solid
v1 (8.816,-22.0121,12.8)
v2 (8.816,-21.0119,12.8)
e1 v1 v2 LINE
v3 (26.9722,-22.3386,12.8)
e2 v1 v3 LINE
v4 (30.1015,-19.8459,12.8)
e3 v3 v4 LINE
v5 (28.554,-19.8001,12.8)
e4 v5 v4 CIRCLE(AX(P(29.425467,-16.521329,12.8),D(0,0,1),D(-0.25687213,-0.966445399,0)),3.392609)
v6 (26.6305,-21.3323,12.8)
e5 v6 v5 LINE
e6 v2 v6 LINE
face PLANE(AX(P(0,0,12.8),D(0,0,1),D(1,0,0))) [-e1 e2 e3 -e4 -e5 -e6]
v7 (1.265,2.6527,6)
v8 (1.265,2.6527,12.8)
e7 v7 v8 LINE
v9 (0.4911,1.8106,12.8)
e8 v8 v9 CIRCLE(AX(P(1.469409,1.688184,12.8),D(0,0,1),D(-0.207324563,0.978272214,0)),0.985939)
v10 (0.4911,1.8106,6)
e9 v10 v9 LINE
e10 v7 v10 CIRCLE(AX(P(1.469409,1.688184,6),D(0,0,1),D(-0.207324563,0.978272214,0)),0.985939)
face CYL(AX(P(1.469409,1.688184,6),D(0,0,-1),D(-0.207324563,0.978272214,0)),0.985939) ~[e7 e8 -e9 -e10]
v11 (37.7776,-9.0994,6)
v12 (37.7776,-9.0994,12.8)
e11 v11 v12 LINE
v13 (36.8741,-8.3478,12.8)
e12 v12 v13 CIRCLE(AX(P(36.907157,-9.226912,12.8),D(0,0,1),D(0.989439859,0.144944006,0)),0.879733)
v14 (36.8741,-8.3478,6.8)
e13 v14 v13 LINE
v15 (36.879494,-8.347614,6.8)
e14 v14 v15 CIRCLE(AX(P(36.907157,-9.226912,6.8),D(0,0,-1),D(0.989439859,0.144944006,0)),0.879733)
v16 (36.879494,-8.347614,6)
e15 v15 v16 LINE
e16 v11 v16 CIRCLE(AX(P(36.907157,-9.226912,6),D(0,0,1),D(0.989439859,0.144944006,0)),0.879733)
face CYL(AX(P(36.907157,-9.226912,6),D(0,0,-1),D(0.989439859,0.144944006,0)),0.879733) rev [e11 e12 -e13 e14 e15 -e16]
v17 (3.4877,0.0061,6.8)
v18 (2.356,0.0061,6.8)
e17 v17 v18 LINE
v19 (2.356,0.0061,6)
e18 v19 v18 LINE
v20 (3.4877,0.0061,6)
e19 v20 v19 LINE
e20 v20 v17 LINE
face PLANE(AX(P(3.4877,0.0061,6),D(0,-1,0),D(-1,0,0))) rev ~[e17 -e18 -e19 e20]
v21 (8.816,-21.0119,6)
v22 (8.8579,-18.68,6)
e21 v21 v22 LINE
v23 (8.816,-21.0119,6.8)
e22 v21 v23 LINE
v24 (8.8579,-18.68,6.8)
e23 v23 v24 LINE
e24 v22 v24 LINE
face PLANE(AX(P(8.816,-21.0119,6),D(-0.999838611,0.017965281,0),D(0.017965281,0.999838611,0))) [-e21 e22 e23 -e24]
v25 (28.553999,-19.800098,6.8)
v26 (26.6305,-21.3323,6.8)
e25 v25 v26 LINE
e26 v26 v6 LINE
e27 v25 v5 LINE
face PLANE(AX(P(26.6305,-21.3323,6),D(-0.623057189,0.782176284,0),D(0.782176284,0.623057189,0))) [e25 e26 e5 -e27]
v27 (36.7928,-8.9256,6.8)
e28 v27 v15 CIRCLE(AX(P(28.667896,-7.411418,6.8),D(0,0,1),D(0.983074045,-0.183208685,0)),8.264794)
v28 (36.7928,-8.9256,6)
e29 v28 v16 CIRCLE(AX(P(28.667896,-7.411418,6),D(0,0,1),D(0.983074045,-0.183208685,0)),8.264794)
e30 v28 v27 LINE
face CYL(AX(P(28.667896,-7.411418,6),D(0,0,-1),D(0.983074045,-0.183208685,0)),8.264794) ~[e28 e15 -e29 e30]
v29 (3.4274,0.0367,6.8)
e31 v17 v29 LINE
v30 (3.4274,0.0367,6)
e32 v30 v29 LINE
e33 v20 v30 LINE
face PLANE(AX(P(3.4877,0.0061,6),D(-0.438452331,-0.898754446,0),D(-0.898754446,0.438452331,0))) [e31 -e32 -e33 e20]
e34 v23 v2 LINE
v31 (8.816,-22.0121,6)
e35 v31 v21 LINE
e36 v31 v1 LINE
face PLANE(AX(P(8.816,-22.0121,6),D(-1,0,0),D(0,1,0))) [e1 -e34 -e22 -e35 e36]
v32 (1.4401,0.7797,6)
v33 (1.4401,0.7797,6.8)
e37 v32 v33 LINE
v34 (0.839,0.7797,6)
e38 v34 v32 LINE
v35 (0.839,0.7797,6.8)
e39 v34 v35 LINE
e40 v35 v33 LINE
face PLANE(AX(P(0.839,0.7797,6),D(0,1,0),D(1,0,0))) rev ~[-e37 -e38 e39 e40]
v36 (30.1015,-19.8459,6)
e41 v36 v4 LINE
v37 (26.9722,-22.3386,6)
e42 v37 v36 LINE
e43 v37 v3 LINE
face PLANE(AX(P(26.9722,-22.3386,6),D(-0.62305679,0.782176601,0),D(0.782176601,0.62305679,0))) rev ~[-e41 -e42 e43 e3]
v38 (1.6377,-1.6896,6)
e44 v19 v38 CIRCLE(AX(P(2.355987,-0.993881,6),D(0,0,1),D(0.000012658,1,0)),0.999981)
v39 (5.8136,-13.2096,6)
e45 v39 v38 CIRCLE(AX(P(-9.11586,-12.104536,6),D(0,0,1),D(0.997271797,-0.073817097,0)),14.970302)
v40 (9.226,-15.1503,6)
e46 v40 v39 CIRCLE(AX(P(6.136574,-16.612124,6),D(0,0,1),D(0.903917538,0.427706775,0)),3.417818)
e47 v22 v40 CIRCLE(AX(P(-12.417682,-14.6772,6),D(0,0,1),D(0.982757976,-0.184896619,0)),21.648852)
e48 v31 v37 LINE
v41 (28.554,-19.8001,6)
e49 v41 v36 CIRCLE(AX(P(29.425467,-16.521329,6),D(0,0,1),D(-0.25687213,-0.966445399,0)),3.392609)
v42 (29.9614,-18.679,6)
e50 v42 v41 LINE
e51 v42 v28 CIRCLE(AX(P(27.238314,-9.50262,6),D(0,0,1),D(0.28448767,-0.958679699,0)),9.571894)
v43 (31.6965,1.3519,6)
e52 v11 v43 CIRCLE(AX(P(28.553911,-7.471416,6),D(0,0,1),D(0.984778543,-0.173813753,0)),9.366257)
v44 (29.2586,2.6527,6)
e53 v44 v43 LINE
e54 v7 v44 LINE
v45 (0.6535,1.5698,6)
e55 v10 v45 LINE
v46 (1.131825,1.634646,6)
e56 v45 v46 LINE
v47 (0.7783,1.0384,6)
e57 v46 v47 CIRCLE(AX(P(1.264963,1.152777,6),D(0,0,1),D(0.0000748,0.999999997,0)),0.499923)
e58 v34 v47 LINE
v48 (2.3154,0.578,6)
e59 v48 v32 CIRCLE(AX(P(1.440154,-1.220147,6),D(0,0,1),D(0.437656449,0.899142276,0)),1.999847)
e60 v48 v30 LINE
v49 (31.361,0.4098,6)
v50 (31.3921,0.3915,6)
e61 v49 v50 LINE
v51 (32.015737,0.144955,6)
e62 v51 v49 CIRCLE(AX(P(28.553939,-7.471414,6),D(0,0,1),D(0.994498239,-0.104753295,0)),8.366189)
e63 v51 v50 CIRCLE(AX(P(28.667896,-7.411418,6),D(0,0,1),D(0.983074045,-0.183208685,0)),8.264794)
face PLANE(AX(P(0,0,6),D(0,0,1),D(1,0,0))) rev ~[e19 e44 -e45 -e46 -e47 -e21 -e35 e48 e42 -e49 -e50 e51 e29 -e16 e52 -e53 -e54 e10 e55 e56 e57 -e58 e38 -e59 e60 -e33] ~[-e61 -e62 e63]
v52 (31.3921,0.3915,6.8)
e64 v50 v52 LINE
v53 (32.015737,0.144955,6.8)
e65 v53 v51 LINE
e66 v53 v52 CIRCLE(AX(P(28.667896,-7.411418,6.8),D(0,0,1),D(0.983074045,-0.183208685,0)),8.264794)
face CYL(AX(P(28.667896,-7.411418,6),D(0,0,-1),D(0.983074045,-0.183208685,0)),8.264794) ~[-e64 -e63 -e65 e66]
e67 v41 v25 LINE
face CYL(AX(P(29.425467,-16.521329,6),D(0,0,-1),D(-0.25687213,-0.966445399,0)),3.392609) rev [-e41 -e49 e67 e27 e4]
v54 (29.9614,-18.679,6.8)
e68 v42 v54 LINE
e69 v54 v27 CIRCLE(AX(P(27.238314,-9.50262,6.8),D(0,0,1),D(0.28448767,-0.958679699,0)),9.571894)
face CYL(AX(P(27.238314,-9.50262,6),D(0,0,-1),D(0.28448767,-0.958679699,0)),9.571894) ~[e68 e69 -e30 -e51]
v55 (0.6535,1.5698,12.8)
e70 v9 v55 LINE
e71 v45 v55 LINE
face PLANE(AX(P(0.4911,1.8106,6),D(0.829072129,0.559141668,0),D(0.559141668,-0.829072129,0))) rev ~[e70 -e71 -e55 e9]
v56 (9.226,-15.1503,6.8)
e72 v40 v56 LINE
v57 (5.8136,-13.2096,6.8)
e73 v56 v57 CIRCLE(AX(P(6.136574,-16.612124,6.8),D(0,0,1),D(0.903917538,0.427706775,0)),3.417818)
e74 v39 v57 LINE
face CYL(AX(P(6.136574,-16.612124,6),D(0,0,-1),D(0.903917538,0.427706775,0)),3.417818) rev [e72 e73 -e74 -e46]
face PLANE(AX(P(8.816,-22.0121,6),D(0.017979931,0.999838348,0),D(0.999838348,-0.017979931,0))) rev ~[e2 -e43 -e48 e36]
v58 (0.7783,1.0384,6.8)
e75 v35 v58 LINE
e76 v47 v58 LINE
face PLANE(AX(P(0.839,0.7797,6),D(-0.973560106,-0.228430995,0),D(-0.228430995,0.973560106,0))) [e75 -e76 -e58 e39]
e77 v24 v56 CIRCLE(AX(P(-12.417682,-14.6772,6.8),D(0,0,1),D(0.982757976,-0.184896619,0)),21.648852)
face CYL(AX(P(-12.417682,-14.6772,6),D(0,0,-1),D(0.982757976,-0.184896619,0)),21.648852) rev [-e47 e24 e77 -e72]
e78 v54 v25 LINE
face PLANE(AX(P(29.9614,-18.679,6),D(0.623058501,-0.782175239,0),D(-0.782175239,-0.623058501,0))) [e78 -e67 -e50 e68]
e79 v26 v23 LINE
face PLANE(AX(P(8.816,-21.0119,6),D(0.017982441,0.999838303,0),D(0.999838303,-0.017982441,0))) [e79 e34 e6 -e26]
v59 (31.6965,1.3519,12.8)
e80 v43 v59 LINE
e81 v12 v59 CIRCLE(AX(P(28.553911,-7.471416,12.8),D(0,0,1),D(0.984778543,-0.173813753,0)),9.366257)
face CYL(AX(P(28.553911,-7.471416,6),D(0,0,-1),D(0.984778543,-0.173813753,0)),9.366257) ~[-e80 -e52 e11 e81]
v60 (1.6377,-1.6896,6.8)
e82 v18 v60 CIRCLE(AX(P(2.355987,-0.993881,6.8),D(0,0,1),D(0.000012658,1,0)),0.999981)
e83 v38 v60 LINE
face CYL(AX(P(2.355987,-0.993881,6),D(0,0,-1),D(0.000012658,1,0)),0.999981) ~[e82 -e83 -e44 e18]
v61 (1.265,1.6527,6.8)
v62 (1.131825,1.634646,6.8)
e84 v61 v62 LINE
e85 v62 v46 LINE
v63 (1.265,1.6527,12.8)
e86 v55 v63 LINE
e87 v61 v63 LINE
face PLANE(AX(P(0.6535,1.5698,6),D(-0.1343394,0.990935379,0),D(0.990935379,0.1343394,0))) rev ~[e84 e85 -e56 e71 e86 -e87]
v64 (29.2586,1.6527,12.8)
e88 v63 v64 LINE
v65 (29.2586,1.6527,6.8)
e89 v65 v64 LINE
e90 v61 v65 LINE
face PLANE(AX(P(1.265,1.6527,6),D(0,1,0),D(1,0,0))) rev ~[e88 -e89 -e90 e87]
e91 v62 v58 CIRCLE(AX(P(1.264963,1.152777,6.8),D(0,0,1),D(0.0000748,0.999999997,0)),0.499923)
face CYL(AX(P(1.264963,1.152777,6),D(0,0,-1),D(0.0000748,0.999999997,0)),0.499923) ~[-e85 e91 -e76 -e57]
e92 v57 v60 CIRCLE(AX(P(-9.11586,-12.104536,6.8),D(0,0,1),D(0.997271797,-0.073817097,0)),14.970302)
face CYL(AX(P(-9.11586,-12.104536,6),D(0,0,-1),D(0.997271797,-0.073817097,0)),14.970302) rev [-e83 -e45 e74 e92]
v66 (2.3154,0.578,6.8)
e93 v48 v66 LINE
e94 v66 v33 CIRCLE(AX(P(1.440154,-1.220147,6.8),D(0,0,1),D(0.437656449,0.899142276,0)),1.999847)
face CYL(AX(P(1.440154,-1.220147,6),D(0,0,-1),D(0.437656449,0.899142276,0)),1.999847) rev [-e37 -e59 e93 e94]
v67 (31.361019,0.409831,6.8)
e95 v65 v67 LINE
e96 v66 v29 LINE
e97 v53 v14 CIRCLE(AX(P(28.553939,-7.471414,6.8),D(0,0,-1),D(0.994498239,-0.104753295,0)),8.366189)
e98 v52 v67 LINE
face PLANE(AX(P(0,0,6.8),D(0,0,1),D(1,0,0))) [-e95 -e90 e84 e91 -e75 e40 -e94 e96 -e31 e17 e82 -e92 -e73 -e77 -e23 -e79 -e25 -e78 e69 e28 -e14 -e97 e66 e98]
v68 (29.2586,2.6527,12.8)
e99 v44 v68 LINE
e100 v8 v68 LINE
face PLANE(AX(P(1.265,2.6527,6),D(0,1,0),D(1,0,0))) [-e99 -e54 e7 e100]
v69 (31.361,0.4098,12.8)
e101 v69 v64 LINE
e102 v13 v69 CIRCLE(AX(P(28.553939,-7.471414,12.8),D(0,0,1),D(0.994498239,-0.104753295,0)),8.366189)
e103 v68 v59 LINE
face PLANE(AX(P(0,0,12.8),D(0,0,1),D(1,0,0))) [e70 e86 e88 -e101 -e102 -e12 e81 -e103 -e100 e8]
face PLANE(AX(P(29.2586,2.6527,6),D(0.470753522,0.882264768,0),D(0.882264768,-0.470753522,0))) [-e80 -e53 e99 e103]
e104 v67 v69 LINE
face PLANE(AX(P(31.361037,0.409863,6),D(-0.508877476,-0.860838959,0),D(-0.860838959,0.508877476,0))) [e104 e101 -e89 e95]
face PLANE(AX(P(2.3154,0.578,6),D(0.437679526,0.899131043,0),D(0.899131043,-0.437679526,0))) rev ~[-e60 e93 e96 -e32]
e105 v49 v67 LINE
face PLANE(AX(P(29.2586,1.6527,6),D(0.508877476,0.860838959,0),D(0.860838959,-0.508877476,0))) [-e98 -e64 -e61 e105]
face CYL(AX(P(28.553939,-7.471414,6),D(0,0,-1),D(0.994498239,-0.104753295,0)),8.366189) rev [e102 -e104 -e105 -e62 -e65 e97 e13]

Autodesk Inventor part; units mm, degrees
ref_plane "YZ Plane" through (0, 0, 0) normal (1, 0, 0) x (0, 1, 0)
ref_plane "XZ Plane" through (0, 0, 0) normal (0, 1, 0) x (-1, 0, 0)
ref_plane "XY Plane" through (0, 0, 0) normal (0, 0, 1) x (1, 0, 0)
ref_plane "Plano de trabajo2" through (0, 0, 6) normal (0, 0, 1) x (1, 0, 0)
sketch "Boceto2" plane through (0, 0, 6) normal (0, 0, 1) x (1, 0, 0)
  line L0 (3.4877, 0.0061) -> (2.356, 0.0061)
  line L1 (-0.3158, 0.0061) -> (3.4877, 0.0061)
  line L2 (2.3154, 0.578) -> (3.4274, 0.0367)
  line L3 (3.4877, 0.0061) -> (2.3154, 0.578)
  line L4 (0.839, 0.7797) -> (1.4401, 0.7797)
  line L5 (0.839, 0.7797) -> (1.4401, 0.7797)
  arc A0 (1.265, 1.6527) -> (0.7783, 1.0384) centre (1.265, 1.1527) ccw
  line L6 (1.265, 1.6527) -> (29.2586, 1.6527)
  line L7 (29.2586, 1.6527) -> (31.3921, 0.3915)
  arc A1 (29.9614, -18.679) -> (36.7928, -8.9256) centre (27.2383, -9.5026) ccw
  line L8 (29.9614, -18.679) -> (26.6305, -21.3323)
  line L9 (26.6305, -21.3323) -> (8.816, -21.0119)
  line L10 (8.816, -21.0119) -> (8.8579, -18.68)
  arc A2 (9.226, -15.1503) -> (5.8136, -13.2096) centre (6.1366, -16.6121) ccw
  arc A3 (8.8579, -18.68) -> (9.226, -15.1503) centre (-12.417, -14.6773) ccw
  line L11 (0.839, 0.7797) -> (0.7783, 1.0384)
  line L12 (0.839, 0.7797) -> (0.7783, 1.0384)
  arc A4 (2.3154, 0.578) -> (1.4401, 0.7797) centre (1.4401, -1.2203) ccw
  arc A5 (2.3154, 0.578) -> (1.4401, 0.7797) centre (1.4401, -1.2203) ccw
  arc A6 (1.265, 1.6527) -> (0.7783, 1.0384) centre (1.265, 1.1527) ccw
  arc A7 (36.7928, -8.9256) -> (31.3921, 0.3915) centre (28.668, -7.4114) ccw
  arc A8 (9.226, -15.1503) -> (5.8136, -13.2096) centre (6.1366, -16.6121) ccw
  arc A9 (5.8136, -13.2096) -> (1.6377, -1.6896) centre (-9.1156, -12.1045) ccw
  arc A10 (2.356, 0.0061) -> (1.6377, -1.6896) centre (2.356, -0.9939) ccw
  point P0 (0, 0)
  point P1 (0, 0)
  dimension "d15" = 1
extrude "Extrusión2" add sketch "Boceto2" along normal blind 0.8
ref_plane "Plano de trabajo1" through (0, 0, 6) normal (0, 0, 1) x (1, 0, 0)
sketch "Boceto3" plane through (0, 0, 6) normal (0, 0, 1) x (1, 0, 0)
  line L0 (1.265, 1.6527) -> (29.2586, 1.6527)
  line L1 (1.265, 1.6527) -> (29.2586, 1.6527)
  line L2 (8.816, -21.0119) -> (26.6305, -21.3323)
  line L3 (31.3921, 0.3915) -> (29.2586, 1.6527)
  line L4 (29.2586, 1.6527) -> (31.3921, 0.3915)
  arc A0 (36.8741, -8.3478) -> (31.361, 0.4098) centre (28.554, -7.4714) ccw
  line L5 (26.6305, -21.3323) -> (28.554, -19.8001)
  arc A1 (1.265, 1.6527) -> (0.7783, 1.0384) centre (1.265, 1.1527) ccw
  arc A2 (1.265, 1.6527) -> (0.7783, 1.0384) centre (1.265, 1.1527) ccw
  line L6 (8.816, -22.0121) -> (26.9722, -22.3386)
  line L7 (26.9722, -22.3386) -> (30.1015, -19.8459)
  arc A3 (37.7776, -9.0994) -> (31.6965, 1.3519) centre (28.554, -7.4714) ccw
  line L8 (1.265, 2.6527) -> (29.2586, 2.6527)
  line L9 (8.816, -22.0121) -> (8.816, -21.0119)
  arc A4 (1.265, 2.6527) -> (0.4911, 1.8106) centre (1.4694, 1.6882) ccw
  line L10 (0.4911, 1.8106) -> (0.6535, 1.5698)
  line L11 (0.6535, 1.5698) -> (1.265, 1.6527)
  line L12 (29.2586, 2.6527) -> (31.6965, 1.3519)
  arc A5 (28.554, -19.8001) -> (30.1015, -19.8459) centre (29.4255, -16.5211) ccw
  arc A6 (37.7776, -9.0994) -> (36.8741, -8.3478) centre (36.907, -9.227) ccw
  point P0 (0, 0)
  point P1 (0, 0)
  point P2 (-0.3158, 0.0061)
  point P3 (-7.6246, -8.019)
  point P4 (-11.4954, -7.0855)
  point P5 (1.132, 1.6347)
  point P6 (31.361, 0.4098)
  dimension "d10" = 1
  dimension "d11" = 1
  dimension "d12" = 1
extrude "Extrusión3" add sketch "Boceto3" along normal blind 6.8
properties part number "Pieza4_Carcasa_3DPrint"
